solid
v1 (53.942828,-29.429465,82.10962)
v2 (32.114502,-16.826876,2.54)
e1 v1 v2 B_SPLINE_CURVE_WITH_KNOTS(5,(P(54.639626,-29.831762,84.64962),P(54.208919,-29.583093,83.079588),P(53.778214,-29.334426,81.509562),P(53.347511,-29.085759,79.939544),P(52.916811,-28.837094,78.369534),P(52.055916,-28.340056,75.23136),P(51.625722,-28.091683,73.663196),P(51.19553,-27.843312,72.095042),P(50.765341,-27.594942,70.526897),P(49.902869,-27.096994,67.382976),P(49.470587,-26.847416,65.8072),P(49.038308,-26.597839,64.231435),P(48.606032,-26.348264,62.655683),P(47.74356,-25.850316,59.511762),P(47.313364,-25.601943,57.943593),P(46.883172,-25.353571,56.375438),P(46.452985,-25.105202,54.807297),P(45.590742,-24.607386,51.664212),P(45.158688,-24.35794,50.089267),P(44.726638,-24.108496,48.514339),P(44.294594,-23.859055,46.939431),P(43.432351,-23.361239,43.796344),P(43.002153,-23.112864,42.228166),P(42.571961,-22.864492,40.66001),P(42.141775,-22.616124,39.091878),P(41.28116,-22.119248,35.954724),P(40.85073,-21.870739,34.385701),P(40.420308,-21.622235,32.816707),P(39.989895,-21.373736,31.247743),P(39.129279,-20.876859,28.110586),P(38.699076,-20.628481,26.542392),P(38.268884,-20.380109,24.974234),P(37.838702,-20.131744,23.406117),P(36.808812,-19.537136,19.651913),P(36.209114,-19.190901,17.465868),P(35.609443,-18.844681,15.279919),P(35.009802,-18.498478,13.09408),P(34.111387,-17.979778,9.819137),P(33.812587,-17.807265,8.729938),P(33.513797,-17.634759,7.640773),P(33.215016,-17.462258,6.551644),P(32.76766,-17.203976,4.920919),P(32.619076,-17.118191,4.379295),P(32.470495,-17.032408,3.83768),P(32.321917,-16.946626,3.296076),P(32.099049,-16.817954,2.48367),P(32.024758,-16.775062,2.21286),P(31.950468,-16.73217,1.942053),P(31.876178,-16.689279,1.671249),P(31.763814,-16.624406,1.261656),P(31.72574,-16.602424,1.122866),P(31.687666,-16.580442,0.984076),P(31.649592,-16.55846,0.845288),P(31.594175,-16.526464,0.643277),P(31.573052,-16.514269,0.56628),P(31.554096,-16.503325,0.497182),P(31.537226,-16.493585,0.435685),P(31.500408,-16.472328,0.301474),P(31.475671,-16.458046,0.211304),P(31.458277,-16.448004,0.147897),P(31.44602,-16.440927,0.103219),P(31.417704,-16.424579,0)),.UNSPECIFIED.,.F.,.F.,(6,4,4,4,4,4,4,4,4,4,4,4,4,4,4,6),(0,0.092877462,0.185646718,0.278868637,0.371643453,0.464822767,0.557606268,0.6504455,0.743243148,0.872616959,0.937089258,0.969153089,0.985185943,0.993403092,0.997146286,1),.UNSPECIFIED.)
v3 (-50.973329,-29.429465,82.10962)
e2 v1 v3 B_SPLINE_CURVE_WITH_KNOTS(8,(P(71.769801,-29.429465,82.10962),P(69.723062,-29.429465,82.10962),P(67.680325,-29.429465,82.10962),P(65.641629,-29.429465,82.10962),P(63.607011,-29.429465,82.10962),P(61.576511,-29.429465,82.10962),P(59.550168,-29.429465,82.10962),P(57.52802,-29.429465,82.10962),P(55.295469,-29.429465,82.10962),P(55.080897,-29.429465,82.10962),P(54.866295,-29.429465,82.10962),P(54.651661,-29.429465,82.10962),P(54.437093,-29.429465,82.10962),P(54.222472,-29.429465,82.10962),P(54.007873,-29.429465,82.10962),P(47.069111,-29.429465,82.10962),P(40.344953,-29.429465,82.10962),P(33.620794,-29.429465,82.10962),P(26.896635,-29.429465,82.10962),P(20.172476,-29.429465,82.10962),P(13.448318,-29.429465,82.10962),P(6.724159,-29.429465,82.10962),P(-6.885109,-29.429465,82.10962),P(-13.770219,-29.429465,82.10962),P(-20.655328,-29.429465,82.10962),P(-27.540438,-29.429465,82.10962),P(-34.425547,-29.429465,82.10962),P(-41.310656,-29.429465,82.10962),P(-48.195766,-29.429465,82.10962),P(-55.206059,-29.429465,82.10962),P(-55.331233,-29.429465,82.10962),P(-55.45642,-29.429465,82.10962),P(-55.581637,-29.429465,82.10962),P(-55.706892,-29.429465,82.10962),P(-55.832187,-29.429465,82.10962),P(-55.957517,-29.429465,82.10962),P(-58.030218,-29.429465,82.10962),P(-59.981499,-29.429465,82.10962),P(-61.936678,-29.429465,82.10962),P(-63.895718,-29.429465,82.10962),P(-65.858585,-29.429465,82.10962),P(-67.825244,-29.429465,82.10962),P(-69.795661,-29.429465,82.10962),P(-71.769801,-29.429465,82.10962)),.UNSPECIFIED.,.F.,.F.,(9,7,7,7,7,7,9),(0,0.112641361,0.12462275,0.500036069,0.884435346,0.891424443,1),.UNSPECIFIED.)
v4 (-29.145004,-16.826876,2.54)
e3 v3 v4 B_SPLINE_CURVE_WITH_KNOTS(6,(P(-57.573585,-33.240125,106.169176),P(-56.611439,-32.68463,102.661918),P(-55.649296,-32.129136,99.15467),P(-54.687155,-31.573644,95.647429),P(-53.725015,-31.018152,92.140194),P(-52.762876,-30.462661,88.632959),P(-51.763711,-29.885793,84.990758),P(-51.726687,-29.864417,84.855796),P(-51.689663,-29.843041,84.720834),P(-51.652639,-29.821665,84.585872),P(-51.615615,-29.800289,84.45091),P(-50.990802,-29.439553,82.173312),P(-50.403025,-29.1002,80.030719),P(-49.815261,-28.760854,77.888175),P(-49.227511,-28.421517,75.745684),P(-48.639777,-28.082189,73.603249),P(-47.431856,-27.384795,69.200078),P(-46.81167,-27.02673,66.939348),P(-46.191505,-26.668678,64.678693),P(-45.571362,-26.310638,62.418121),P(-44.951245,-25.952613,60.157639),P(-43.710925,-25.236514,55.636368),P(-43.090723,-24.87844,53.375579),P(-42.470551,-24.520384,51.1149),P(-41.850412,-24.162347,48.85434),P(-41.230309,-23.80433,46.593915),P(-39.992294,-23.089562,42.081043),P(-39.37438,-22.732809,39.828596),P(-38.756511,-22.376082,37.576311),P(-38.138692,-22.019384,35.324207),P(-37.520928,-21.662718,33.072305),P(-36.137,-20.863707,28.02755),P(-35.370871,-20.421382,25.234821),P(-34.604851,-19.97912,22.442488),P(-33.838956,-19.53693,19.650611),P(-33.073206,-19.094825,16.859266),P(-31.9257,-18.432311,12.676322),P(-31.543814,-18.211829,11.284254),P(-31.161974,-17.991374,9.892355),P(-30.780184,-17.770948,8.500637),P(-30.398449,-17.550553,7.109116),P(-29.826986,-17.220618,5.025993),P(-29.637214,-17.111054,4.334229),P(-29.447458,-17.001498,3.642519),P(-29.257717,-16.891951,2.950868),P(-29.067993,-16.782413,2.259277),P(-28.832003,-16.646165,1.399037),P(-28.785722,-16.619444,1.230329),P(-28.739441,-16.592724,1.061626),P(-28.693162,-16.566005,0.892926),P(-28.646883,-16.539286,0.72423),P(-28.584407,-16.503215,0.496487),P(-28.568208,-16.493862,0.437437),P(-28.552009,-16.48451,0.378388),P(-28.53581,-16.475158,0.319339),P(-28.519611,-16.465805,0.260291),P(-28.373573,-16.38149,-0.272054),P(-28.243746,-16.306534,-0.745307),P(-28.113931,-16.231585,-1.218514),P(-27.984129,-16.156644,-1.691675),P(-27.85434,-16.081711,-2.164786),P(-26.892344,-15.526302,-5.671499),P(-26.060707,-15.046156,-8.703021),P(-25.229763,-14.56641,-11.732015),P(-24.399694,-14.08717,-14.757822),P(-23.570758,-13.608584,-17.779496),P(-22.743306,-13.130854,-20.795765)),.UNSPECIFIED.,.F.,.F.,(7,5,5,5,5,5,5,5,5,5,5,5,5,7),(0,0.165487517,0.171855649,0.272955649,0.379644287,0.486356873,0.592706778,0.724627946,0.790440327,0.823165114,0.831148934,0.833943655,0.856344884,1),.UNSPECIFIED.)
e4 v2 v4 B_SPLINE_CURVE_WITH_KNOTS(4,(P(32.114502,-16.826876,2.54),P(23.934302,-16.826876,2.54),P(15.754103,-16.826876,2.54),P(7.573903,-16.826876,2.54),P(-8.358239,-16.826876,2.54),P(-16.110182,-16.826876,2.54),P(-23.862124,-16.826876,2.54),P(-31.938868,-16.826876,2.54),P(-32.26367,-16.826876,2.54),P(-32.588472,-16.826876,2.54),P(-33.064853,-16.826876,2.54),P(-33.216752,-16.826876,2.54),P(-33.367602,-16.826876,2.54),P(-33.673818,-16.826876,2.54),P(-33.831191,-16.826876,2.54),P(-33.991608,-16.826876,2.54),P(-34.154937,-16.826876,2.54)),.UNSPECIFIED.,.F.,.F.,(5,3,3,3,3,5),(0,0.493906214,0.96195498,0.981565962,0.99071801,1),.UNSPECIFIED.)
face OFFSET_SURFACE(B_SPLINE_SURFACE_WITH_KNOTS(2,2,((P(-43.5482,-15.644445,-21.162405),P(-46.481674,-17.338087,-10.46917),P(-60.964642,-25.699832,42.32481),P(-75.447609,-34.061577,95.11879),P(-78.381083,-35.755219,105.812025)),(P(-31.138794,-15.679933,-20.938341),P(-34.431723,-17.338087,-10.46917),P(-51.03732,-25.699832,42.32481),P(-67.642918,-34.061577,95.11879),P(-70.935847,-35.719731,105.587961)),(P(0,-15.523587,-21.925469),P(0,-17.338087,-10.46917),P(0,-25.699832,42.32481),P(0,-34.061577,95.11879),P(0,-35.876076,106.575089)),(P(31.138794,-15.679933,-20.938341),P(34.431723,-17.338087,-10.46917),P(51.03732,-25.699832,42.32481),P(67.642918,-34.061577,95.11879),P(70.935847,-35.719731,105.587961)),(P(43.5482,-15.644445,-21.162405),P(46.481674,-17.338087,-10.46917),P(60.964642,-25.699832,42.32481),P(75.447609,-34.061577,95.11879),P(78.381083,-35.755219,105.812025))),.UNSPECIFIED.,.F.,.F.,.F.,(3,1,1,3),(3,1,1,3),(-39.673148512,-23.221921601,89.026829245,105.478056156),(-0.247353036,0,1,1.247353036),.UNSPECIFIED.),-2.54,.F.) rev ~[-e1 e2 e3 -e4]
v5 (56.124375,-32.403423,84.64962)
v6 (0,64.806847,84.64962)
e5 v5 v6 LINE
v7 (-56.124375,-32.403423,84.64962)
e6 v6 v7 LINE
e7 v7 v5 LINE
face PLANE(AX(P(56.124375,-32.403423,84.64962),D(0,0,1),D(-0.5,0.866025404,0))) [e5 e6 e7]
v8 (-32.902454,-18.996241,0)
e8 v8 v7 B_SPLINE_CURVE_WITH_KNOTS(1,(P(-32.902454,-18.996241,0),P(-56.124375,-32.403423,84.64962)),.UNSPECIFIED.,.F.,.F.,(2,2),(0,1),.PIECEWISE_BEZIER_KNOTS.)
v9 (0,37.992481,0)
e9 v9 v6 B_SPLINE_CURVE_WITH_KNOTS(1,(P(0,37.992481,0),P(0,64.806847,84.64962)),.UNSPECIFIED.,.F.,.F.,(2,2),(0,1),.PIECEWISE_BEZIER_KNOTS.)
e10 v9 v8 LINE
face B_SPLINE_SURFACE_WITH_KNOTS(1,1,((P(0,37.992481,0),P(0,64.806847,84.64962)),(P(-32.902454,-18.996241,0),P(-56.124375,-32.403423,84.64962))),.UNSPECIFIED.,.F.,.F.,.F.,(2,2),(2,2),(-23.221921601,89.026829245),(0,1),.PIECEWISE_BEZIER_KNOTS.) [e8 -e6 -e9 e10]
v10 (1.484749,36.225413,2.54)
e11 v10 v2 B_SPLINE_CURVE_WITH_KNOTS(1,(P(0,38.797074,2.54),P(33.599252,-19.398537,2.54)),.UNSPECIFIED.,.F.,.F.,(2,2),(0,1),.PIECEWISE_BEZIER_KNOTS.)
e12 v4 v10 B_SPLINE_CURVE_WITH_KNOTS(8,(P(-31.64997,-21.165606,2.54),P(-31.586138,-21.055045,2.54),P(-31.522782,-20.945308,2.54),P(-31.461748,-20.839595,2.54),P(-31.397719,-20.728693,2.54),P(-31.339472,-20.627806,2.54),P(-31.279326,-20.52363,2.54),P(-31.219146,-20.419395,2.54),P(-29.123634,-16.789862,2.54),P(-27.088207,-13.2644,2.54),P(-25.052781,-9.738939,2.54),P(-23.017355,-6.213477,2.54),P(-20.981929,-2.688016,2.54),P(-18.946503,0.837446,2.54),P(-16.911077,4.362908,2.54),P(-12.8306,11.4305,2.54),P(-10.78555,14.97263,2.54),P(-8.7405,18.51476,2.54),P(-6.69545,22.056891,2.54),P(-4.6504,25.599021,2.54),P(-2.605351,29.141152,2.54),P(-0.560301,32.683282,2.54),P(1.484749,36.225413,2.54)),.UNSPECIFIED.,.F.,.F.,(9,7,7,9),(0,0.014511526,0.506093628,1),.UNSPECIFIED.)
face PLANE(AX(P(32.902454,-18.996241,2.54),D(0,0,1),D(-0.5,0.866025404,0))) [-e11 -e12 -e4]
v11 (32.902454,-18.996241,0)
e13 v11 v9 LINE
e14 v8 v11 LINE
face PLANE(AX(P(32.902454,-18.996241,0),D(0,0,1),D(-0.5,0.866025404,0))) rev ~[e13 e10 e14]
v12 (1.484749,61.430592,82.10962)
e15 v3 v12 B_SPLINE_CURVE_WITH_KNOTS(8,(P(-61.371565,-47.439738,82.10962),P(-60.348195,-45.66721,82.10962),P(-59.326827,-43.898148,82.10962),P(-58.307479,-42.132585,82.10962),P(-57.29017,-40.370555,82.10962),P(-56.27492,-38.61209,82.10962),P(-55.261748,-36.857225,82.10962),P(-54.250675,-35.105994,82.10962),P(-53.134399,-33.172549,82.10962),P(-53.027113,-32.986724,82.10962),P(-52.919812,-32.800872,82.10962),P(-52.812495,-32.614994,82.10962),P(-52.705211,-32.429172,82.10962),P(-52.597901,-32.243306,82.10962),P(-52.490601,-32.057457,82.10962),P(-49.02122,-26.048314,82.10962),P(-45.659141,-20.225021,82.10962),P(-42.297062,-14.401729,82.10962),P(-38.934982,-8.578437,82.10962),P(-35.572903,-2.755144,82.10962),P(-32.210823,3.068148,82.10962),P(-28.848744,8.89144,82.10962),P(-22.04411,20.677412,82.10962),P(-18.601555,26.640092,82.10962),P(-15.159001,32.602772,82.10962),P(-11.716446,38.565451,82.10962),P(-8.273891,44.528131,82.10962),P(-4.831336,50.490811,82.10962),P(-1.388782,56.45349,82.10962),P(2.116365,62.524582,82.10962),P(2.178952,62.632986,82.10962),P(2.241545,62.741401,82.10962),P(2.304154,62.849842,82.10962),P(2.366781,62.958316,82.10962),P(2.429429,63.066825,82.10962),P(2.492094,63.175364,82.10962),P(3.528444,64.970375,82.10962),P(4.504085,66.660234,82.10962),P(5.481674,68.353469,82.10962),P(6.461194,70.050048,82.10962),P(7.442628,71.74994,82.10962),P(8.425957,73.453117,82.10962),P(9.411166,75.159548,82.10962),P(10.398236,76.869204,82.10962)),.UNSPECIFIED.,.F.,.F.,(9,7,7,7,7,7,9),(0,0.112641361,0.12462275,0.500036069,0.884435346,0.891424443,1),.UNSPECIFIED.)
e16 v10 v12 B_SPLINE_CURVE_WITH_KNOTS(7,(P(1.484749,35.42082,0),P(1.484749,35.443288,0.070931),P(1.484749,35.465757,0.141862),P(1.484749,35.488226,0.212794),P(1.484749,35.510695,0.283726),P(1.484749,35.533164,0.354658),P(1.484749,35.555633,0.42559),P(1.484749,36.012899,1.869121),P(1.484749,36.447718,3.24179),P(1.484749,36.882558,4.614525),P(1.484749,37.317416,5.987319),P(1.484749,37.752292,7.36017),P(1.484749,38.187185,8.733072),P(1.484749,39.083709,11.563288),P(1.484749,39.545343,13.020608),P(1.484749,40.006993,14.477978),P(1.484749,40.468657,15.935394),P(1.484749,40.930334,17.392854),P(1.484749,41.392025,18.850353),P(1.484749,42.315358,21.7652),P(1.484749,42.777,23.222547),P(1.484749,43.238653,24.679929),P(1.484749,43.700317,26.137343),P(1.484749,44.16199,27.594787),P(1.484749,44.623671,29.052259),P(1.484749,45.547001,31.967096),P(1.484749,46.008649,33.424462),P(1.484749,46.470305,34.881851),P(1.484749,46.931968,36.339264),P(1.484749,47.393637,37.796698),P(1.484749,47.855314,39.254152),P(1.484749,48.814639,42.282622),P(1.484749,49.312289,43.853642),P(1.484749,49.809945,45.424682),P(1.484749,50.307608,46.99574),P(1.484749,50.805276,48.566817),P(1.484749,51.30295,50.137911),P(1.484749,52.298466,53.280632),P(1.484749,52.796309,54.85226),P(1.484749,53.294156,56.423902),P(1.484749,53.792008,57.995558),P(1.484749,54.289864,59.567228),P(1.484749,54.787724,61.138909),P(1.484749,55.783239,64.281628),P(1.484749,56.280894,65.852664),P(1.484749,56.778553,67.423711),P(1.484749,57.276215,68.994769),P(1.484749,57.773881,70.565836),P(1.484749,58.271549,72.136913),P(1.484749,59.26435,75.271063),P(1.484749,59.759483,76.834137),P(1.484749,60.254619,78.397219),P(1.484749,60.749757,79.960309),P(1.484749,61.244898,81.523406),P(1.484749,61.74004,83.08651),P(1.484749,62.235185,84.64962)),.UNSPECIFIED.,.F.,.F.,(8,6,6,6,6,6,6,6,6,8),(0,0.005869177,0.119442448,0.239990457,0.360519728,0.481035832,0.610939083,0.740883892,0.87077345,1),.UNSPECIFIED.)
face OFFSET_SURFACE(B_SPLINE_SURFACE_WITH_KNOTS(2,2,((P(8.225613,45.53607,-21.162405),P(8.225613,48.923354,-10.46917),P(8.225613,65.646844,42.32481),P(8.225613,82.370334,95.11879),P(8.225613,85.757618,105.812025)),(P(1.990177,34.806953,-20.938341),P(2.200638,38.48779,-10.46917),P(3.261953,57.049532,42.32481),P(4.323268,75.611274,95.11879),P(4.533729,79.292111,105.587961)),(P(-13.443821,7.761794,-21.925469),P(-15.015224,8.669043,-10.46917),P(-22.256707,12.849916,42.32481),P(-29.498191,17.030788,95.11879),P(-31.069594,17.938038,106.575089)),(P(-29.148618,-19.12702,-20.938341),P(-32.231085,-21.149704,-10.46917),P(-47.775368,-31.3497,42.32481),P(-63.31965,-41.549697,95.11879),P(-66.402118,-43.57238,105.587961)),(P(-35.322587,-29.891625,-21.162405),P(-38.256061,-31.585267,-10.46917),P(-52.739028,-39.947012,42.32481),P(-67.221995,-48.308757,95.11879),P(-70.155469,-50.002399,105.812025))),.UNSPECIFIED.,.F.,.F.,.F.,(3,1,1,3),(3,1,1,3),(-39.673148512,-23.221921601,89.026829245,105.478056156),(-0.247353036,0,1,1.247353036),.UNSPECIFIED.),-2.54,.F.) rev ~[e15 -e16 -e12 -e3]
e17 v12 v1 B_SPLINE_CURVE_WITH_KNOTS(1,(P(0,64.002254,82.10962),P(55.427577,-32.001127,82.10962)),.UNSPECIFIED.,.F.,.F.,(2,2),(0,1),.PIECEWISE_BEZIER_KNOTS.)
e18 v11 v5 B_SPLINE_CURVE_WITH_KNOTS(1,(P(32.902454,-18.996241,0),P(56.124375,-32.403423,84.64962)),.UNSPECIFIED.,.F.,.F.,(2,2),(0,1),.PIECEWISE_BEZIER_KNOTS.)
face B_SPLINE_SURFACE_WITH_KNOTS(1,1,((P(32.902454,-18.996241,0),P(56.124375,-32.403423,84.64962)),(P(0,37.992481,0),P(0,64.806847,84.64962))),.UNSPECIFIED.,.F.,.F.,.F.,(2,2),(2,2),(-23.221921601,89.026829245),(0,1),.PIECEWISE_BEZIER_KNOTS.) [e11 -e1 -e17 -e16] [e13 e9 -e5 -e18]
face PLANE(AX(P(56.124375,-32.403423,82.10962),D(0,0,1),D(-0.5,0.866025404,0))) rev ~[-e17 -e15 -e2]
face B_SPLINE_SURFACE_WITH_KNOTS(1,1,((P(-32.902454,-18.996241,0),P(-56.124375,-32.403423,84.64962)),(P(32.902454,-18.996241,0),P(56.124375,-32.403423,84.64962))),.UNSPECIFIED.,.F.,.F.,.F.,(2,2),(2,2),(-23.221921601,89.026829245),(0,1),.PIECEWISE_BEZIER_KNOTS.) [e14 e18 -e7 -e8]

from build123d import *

# Parameters (mm, degrees)
F1_DEPTH = 84.64962
F1_TAPER = -9
F2_T     = -2.54


with BuildPart() as f1:
    # F0 (on Top) → F1 (new body)
    with BuildSketch(Plane.XY):
        Polygon((32.902453822, -18.9962405711), (0, 37.9924811423), (-32.902453822, -18.9962405711), align=None)
    extrude(amount=F1_DEPTH, taper=F1_TAPER)

    # F2
    f2_openings = [f1.faces().sort_by_distance(p)[0] for p in [
        (22.761478, 13.141345, 46.004837),
    ]]
    offset(amount=F2_T, openings=f2_openings)


solid = f1.part
